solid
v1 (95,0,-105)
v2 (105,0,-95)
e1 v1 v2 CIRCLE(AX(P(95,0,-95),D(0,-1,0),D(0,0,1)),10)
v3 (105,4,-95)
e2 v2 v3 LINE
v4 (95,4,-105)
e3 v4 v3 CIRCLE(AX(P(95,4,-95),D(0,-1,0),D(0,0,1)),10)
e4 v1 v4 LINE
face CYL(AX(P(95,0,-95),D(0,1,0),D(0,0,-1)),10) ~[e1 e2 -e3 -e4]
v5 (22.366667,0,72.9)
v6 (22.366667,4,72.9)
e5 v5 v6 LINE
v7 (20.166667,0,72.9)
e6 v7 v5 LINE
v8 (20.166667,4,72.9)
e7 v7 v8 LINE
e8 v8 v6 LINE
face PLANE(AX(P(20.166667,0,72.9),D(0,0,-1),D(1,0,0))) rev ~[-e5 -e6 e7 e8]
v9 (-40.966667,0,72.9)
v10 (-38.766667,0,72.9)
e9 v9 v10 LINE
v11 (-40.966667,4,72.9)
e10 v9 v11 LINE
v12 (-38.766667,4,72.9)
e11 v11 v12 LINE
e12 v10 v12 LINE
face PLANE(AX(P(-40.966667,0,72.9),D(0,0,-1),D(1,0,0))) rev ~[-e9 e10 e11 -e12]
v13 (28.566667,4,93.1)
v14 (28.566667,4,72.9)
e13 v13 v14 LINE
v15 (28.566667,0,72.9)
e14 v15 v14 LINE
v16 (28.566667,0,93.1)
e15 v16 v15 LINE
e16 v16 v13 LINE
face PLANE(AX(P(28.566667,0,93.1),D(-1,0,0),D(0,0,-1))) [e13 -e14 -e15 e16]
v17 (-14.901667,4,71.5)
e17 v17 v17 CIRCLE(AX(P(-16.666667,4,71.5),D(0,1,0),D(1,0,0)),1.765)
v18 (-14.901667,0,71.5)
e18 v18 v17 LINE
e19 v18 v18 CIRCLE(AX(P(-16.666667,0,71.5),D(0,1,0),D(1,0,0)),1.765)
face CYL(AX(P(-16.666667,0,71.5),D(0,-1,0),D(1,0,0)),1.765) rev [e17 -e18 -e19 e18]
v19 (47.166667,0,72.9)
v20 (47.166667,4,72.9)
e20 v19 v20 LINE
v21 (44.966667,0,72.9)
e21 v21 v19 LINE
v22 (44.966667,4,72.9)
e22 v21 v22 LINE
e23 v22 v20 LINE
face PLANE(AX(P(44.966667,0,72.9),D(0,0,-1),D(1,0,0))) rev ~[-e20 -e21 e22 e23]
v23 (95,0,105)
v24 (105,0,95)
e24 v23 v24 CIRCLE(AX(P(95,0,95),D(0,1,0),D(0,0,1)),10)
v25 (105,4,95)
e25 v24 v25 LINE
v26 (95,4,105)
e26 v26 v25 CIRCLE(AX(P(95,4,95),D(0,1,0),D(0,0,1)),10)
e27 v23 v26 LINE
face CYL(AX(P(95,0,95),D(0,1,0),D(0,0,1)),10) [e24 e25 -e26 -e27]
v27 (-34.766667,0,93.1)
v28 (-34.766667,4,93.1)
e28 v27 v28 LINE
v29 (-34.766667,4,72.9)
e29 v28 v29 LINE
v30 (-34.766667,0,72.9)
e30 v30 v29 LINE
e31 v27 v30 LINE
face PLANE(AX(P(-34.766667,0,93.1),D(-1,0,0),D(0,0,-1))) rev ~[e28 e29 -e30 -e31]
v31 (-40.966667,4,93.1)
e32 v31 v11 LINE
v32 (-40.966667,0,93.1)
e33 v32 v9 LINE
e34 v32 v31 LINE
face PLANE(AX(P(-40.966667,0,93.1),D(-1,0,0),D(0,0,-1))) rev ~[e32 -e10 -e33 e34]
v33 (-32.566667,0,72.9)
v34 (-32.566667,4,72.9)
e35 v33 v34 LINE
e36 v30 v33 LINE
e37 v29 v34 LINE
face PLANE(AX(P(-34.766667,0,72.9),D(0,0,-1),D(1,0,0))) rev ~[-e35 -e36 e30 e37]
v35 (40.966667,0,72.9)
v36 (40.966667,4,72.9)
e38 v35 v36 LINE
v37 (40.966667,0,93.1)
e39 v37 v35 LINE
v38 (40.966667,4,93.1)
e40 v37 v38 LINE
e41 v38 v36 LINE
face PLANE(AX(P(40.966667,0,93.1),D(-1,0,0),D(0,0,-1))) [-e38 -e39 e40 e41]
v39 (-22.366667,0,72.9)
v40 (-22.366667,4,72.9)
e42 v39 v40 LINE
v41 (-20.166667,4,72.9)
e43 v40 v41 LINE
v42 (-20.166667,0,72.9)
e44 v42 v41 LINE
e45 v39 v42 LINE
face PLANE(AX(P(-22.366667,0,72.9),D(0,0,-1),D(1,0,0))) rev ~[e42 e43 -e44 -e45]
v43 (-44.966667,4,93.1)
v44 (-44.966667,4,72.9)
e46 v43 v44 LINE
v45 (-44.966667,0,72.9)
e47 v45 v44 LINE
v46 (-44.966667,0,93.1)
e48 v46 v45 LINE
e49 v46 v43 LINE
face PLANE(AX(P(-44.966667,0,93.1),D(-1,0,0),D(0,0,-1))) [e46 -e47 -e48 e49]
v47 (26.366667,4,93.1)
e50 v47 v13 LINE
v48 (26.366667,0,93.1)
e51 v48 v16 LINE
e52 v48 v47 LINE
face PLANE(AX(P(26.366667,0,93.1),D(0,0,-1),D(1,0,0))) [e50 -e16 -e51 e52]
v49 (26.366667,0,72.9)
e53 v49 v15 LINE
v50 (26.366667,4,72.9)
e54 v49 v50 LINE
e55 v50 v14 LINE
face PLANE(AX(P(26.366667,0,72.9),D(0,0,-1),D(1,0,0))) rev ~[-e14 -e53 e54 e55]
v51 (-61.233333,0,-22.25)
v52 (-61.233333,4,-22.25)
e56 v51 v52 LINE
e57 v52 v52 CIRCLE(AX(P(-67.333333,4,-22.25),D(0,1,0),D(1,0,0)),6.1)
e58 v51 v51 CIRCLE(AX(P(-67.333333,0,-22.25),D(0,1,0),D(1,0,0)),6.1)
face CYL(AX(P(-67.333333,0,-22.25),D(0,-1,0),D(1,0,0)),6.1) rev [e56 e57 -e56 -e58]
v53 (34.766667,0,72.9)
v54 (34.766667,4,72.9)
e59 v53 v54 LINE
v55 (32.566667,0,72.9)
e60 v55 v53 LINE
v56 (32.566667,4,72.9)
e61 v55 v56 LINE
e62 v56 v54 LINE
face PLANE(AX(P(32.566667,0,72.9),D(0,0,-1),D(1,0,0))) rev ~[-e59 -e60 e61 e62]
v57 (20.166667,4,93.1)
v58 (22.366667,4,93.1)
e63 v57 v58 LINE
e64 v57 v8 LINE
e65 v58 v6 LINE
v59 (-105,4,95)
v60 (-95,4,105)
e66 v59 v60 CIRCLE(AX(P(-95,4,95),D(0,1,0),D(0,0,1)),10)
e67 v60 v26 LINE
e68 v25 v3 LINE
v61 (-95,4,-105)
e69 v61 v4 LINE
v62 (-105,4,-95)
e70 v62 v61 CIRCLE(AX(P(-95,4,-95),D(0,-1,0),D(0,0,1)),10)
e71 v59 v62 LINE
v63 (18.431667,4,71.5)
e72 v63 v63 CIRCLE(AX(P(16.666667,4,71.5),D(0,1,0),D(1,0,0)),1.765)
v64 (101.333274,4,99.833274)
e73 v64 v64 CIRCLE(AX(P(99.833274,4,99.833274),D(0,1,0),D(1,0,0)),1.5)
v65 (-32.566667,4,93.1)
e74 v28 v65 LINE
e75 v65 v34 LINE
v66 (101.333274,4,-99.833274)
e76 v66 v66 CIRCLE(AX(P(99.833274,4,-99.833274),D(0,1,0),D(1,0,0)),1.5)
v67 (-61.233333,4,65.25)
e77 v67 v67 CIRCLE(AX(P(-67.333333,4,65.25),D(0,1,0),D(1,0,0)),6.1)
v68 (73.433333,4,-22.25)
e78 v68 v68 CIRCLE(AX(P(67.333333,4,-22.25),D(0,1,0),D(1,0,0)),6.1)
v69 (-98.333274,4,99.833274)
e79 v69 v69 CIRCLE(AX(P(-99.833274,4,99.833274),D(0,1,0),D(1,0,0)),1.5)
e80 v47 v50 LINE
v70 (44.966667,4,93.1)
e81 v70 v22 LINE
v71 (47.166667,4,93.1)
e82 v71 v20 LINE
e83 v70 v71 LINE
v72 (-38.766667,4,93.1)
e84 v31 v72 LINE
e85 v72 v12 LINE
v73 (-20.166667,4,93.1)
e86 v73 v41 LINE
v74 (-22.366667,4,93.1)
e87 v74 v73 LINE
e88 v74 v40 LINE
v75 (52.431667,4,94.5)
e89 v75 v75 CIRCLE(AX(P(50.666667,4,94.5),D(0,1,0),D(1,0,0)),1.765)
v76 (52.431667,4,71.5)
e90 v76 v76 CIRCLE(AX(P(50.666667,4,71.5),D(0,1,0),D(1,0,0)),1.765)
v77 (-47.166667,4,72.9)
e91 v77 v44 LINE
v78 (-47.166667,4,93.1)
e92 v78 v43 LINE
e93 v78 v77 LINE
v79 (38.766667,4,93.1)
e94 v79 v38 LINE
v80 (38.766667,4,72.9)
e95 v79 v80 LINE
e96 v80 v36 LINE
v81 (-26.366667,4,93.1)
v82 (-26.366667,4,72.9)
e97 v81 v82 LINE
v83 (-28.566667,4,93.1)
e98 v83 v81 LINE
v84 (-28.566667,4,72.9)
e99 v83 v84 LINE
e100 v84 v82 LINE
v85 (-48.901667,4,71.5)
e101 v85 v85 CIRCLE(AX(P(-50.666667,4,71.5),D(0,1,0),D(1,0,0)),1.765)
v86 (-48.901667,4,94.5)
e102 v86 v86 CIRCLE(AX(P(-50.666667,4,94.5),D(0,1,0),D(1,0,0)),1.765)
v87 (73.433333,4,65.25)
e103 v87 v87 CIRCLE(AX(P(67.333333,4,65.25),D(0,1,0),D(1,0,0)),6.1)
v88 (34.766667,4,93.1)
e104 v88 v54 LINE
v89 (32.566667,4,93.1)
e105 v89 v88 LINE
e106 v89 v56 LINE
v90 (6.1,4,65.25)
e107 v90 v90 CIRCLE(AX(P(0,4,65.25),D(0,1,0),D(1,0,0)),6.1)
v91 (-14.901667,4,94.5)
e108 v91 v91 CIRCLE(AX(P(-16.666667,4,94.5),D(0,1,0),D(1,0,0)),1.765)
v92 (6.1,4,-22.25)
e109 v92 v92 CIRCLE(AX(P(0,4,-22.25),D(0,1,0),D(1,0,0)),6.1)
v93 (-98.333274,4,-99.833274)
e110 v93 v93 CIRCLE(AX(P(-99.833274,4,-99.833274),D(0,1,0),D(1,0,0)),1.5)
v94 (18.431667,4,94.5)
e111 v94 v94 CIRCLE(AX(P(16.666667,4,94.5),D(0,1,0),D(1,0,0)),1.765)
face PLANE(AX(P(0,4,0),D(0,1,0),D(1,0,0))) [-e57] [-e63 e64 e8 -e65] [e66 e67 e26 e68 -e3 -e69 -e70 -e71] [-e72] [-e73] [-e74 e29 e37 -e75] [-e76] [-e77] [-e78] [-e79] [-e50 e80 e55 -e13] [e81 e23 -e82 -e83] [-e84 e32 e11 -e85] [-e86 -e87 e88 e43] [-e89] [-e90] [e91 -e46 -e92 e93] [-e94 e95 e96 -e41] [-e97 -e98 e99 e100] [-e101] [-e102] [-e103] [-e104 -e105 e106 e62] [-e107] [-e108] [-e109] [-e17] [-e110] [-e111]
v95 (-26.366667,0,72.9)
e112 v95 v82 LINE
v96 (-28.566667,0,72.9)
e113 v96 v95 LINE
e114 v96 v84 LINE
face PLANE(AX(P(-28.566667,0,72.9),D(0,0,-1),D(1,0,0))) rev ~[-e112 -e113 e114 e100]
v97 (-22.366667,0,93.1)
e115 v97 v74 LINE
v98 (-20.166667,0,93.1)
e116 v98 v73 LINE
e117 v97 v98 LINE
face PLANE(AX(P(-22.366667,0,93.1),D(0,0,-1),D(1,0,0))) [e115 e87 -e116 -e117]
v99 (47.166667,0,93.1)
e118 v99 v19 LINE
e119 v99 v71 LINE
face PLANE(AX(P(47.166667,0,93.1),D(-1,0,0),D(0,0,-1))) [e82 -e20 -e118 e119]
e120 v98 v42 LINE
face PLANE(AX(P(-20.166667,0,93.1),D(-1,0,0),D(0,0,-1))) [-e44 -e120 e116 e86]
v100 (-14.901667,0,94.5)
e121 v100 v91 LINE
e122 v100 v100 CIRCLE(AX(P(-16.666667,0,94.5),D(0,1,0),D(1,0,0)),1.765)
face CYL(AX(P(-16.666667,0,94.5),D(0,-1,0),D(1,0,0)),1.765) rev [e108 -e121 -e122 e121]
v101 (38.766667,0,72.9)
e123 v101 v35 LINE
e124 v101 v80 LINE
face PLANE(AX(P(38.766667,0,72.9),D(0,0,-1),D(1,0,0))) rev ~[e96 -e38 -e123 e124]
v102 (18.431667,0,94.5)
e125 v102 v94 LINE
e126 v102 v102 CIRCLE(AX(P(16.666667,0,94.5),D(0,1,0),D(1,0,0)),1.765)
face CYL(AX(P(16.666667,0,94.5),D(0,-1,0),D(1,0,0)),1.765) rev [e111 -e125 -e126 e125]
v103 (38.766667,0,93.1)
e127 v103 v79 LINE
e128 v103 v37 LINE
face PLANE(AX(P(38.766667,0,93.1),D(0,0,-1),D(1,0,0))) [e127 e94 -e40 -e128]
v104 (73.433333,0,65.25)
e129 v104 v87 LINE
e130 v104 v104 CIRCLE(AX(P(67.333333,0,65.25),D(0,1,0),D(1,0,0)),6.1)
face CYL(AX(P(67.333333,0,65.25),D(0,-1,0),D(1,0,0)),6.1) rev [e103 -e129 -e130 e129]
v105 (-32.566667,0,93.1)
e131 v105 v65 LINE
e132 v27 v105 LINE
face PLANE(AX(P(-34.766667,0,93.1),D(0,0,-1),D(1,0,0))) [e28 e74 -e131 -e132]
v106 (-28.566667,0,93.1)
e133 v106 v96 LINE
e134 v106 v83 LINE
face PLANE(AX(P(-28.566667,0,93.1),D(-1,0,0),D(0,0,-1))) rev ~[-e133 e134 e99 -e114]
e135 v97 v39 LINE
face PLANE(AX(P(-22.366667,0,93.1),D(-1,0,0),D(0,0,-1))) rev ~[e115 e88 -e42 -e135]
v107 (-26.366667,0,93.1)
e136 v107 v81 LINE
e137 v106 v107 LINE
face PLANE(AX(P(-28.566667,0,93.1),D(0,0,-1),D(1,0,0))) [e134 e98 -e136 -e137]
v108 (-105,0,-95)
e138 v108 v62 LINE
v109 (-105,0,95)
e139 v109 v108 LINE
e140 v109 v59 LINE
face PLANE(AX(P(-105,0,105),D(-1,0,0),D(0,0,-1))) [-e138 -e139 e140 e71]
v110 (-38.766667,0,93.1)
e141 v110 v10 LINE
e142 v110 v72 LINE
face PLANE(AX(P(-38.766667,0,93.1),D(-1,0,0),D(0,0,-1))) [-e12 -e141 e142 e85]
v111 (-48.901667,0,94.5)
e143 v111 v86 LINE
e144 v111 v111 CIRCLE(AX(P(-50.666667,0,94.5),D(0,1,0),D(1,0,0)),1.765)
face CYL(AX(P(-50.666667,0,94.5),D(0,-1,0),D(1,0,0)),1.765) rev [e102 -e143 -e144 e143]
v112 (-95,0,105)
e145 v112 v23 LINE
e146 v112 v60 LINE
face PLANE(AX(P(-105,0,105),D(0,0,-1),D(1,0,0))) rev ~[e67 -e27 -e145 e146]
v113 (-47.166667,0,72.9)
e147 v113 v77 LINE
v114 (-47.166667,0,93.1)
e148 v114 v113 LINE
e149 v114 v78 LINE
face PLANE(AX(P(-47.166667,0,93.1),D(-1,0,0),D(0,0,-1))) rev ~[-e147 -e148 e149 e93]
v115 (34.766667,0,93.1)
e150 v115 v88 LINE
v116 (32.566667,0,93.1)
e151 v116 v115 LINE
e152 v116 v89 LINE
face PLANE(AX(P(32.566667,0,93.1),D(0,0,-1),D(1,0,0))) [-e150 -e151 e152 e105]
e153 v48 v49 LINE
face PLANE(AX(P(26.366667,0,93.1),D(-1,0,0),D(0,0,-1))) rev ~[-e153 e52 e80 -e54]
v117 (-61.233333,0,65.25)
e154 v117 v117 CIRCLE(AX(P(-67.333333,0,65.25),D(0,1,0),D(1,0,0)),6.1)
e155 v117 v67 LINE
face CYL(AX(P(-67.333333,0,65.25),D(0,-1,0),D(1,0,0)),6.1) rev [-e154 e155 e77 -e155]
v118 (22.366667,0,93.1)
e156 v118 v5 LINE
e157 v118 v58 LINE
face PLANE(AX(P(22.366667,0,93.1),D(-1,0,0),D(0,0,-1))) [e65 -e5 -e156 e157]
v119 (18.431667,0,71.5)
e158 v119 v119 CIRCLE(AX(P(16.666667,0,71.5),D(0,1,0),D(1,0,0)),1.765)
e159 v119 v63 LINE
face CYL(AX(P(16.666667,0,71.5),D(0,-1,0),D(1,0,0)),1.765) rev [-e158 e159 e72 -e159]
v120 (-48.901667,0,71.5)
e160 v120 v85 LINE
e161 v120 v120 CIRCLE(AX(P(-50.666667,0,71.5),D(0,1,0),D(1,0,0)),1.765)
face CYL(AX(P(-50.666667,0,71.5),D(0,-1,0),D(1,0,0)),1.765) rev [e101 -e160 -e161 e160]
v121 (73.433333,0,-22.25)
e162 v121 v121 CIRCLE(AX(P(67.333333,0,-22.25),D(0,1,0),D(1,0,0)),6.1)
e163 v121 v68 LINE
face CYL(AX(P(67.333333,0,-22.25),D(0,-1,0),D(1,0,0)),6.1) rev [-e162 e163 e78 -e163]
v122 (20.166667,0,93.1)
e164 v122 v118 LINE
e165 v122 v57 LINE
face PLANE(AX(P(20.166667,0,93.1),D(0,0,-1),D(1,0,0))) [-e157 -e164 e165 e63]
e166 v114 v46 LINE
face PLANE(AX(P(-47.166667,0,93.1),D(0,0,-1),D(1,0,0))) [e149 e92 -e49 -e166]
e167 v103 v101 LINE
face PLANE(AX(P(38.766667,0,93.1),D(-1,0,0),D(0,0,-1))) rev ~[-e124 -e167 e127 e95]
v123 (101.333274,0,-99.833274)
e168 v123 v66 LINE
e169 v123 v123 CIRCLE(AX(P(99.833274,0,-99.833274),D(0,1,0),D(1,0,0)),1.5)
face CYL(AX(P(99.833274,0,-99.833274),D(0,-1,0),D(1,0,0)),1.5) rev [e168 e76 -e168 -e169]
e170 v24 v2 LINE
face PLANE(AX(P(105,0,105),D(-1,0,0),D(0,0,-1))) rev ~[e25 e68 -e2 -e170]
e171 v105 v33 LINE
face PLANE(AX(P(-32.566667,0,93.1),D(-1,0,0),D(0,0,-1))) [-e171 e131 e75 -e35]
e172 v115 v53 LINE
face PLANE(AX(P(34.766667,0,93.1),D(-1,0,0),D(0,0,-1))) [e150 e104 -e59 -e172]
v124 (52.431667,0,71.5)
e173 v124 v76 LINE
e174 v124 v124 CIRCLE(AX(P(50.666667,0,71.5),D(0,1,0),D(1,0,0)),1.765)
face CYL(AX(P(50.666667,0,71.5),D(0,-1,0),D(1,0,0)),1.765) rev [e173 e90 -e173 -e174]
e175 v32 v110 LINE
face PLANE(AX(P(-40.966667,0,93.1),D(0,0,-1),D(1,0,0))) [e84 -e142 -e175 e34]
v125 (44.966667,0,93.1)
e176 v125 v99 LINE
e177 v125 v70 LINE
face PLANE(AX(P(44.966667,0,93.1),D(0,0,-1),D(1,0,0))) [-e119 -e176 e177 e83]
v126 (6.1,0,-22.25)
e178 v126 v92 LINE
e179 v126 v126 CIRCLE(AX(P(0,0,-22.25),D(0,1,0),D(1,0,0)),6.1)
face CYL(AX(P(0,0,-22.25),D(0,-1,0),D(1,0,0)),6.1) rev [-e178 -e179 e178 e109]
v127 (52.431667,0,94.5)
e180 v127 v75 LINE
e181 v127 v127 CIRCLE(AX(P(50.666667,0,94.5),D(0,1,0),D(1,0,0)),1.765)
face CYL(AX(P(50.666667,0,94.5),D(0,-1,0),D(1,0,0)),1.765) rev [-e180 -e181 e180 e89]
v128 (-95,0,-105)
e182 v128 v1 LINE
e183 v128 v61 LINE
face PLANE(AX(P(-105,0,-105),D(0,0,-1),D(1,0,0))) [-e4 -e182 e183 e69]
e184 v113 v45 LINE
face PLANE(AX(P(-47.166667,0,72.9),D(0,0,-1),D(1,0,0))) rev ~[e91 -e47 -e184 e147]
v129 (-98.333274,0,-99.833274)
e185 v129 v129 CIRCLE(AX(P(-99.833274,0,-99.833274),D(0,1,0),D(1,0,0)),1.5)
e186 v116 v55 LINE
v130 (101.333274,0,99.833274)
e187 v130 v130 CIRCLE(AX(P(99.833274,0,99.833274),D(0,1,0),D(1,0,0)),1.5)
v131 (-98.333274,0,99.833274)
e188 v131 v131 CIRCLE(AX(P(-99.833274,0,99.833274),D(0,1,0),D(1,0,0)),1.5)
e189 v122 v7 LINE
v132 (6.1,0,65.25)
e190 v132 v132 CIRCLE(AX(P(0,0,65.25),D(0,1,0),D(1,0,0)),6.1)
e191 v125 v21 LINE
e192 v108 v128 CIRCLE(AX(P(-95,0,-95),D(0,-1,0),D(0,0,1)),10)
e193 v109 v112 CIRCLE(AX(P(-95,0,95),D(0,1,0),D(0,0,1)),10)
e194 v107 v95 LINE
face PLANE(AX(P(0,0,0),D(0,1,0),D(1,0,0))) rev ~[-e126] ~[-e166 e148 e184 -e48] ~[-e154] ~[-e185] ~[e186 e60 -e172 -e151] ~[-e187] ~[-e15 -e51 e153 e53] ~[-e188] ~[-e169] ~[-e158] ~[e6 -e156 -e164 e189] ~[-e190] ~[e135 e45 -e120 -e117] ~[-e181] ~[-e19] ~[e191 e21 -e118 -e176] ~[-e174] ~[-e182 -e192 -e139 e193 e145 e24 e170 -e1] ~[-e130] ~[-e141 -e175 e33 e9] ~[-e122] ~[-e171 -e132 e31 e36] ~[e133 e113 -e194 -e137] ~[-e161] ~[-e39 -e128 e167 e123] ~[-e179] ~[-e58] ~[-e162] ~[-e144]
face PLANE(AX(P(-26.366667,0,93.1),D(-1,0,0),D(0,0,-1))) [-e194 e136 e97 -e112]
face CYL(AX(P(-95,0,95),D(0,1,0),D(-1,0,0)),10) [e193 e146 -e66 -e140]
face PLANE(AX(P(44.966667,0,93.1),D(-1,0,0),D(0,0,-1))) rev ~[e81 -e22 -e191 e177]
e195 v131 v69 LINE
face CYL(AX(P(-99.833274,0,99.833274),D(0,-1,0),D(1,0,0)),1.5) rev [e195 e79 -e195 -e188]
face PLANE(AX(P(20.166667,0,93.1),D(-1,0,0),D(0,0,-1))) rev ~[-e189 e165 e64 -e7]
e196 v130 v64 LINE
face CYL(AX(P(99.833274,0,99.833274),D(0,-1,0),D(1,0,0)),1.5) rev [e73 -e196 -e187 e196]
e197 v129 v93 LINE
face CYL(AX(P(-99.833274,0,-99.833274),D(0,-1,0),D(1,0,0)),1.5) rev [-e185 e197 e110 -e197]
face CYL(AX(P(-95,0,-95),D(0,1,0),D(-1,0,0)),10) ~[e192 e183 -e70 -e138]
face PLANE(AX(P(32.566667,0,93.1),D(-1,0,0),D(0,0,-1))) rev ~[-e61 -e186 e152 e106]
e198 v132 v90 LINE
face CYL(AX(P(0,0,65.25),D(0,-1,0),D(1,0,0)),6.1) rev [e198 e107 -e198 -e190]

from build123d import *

# Parameters (mm, degrees)
SKETCH1_W         = 210
SKETCH1_H         = 210
SKETCH1_R         = 1.5
SKETCH1_R_2       = 6.1
SKETCH1_R_3       = 1.765
SKETCH1_W_2       = 2.2
SKETCH1_H_2       = 20.2
MAINEXTRUDE_DEPTH = 4
ROUNDEDCORNERS_R  = 10


with BuildPart() as part:
    # Sketch1 → MainExtrude (new body)
    with BuildSketch(Plane(origin=(0, 0, 0), x_dir=(1, 0, 0), z_dir=(0, 1, 0))):
        Rectangle(SKETCH1_W, SKETCH1_H)
        with Locations((-99.833273811, 99.833273811)):
            Circle(SKETCH1_R, mode=Mode.SUBTRACT)
        with Locations((-99.833273811, -99.833273811)):
            Circle(SKETCH1_R, mode=Mode.SUBTRACT)
        with Locations((99.833273811, -99.833273811)):
            Circle(SKETCH1_R, mode=Mode.SUBTRACT)
        with Locations((99.833273811, 99.833273811)):
            Circle(SKETCH1_R, mode=Mode.SUBTRACT)
        with Locations((67.333333333, -65.25)):
            Circle(SKETCH1_R_2, mode=Mode.SUBTRACT)
        with Locations((0, -65.25)):
            Circle(SKETCH1_R_2, mode=Mode.SUBTRACT)
        with Locations((-67.333333333, -65.25)):
            Circle(SKETCH1_R_2, mode=Mode.SUBTRACT)
        with Locations((-67.333333333, 22.25)):
            Circle(SKETCH1_R_2, mode=Mode.SUBTRACT)
        with Locations((0, 22.25)):
            Circle(SKETCH1_R_2, mode=Mode.SUBTRACT)
        with Locations((67.333333333, 22.25)):
            Circle(SKETCH1_R_2, mode=Mode.SUBTRACT)
        with Locations((-50.666666667, -71.5)):
            Circle(SKETCH1_R_3, mode=Mode.SUBTRACT)
        with Locations((-50.666666667, -94.5)):
            Circle(SKETCH1_R_3, mode=Mode.SUBTRACT)
        with Locations((-16.666666667, -94.5)):
            Circle(SKETCH1_R_3, mode=Mode.SUBTRACT)
        with Locations((-16.666666667, -71.5)):
            Circle(SKETCH1_R_3, mode=Mode.SUBTRACT)
        with Locations((16.666666667, -71.5)):
            Circle(SKETCH1_R_3, mode=Mode.SUBTRACT)
        with Locations((16.666666667, -94.5)):
            Circle(SKETCH1_R_3, mode=Mode.SUBTRACT)
        with Locations((50.666666667, -94.5)):
            Circle(SKETCH1_R_3, mode=Mode.SUBTRACT)
        with Locations((50.666666667, -71.5)):
            Circle(SKETCH1_R_3, mode=Mode.SUBTRACT)
        with Locations((-46.066666667, -83)):
            Rectangle(SKETCH1_W_2, SKETCH1_H_2, mode=Mode.SUBTRACT)
        with Locations((-39.866666667, -83)):
            Rectangle(SKETCH1_W_2, SKETCH1_H_2, mode=Mode.SUBTRACT)
        with Locations((-33.666666667, -83)):
            Rectangle(SKETCH1_W_2, SKETCH1_H_2, mode=Mode.SUBTRACT)
        with Locations((-27.466666667, -83)):
            Rectangle(SKETCH1_W_2, SKETCH1_H_2, mode=Mode.SUBTRACT)
        with Locations((-21.266666667, -83)):
            Rectangle(SKETCH1_W_2, SKETCH1_H_2, mode=Mode.SUBTRACT)
        with Locations((21.266666667, -83)):
            Rectangle(SKETCH1_W_2, SKETCH1_H_2, mode=Mode.SUBTRACT)
        with Locations((27.466666667, -83)):
            Rectangle(SKETCH1_W_2, SKETCH1_H_2, mode=Mode.SUBTRACT)
        with Locations((33.666666667, -83)):
            Rectangle(SKETCH1_W_2, SKETCH1_H_2, mode=Mode.SUBTRACT)
        with Locations((39.866666667, -83)):
            Rectangle(SKETCH1_W_2, SKETCH1_H_2, mode=Mode.SUBTRACT)
        with Locations((46.066666667, -83)):
            Rectangle(SKETCH1_W_2, SKETCH1_H_2, mode=Mode.SUBTRACT)
    extrude(amount=MAINEXTRUDE_DEPTH)

    # RoundedCorners
    roundedcorners_edges = [part.edges().sort_by_distance(p)[0] for p in [
        (-105, 2, 105),
        (-105, 2, -105),
        (105, 2, -105),
        (105, 2, 105),
    ]]
    fillet(roundedcorners_edges, radius=ROUNDEDCORNERS_R)


solid = part.part
